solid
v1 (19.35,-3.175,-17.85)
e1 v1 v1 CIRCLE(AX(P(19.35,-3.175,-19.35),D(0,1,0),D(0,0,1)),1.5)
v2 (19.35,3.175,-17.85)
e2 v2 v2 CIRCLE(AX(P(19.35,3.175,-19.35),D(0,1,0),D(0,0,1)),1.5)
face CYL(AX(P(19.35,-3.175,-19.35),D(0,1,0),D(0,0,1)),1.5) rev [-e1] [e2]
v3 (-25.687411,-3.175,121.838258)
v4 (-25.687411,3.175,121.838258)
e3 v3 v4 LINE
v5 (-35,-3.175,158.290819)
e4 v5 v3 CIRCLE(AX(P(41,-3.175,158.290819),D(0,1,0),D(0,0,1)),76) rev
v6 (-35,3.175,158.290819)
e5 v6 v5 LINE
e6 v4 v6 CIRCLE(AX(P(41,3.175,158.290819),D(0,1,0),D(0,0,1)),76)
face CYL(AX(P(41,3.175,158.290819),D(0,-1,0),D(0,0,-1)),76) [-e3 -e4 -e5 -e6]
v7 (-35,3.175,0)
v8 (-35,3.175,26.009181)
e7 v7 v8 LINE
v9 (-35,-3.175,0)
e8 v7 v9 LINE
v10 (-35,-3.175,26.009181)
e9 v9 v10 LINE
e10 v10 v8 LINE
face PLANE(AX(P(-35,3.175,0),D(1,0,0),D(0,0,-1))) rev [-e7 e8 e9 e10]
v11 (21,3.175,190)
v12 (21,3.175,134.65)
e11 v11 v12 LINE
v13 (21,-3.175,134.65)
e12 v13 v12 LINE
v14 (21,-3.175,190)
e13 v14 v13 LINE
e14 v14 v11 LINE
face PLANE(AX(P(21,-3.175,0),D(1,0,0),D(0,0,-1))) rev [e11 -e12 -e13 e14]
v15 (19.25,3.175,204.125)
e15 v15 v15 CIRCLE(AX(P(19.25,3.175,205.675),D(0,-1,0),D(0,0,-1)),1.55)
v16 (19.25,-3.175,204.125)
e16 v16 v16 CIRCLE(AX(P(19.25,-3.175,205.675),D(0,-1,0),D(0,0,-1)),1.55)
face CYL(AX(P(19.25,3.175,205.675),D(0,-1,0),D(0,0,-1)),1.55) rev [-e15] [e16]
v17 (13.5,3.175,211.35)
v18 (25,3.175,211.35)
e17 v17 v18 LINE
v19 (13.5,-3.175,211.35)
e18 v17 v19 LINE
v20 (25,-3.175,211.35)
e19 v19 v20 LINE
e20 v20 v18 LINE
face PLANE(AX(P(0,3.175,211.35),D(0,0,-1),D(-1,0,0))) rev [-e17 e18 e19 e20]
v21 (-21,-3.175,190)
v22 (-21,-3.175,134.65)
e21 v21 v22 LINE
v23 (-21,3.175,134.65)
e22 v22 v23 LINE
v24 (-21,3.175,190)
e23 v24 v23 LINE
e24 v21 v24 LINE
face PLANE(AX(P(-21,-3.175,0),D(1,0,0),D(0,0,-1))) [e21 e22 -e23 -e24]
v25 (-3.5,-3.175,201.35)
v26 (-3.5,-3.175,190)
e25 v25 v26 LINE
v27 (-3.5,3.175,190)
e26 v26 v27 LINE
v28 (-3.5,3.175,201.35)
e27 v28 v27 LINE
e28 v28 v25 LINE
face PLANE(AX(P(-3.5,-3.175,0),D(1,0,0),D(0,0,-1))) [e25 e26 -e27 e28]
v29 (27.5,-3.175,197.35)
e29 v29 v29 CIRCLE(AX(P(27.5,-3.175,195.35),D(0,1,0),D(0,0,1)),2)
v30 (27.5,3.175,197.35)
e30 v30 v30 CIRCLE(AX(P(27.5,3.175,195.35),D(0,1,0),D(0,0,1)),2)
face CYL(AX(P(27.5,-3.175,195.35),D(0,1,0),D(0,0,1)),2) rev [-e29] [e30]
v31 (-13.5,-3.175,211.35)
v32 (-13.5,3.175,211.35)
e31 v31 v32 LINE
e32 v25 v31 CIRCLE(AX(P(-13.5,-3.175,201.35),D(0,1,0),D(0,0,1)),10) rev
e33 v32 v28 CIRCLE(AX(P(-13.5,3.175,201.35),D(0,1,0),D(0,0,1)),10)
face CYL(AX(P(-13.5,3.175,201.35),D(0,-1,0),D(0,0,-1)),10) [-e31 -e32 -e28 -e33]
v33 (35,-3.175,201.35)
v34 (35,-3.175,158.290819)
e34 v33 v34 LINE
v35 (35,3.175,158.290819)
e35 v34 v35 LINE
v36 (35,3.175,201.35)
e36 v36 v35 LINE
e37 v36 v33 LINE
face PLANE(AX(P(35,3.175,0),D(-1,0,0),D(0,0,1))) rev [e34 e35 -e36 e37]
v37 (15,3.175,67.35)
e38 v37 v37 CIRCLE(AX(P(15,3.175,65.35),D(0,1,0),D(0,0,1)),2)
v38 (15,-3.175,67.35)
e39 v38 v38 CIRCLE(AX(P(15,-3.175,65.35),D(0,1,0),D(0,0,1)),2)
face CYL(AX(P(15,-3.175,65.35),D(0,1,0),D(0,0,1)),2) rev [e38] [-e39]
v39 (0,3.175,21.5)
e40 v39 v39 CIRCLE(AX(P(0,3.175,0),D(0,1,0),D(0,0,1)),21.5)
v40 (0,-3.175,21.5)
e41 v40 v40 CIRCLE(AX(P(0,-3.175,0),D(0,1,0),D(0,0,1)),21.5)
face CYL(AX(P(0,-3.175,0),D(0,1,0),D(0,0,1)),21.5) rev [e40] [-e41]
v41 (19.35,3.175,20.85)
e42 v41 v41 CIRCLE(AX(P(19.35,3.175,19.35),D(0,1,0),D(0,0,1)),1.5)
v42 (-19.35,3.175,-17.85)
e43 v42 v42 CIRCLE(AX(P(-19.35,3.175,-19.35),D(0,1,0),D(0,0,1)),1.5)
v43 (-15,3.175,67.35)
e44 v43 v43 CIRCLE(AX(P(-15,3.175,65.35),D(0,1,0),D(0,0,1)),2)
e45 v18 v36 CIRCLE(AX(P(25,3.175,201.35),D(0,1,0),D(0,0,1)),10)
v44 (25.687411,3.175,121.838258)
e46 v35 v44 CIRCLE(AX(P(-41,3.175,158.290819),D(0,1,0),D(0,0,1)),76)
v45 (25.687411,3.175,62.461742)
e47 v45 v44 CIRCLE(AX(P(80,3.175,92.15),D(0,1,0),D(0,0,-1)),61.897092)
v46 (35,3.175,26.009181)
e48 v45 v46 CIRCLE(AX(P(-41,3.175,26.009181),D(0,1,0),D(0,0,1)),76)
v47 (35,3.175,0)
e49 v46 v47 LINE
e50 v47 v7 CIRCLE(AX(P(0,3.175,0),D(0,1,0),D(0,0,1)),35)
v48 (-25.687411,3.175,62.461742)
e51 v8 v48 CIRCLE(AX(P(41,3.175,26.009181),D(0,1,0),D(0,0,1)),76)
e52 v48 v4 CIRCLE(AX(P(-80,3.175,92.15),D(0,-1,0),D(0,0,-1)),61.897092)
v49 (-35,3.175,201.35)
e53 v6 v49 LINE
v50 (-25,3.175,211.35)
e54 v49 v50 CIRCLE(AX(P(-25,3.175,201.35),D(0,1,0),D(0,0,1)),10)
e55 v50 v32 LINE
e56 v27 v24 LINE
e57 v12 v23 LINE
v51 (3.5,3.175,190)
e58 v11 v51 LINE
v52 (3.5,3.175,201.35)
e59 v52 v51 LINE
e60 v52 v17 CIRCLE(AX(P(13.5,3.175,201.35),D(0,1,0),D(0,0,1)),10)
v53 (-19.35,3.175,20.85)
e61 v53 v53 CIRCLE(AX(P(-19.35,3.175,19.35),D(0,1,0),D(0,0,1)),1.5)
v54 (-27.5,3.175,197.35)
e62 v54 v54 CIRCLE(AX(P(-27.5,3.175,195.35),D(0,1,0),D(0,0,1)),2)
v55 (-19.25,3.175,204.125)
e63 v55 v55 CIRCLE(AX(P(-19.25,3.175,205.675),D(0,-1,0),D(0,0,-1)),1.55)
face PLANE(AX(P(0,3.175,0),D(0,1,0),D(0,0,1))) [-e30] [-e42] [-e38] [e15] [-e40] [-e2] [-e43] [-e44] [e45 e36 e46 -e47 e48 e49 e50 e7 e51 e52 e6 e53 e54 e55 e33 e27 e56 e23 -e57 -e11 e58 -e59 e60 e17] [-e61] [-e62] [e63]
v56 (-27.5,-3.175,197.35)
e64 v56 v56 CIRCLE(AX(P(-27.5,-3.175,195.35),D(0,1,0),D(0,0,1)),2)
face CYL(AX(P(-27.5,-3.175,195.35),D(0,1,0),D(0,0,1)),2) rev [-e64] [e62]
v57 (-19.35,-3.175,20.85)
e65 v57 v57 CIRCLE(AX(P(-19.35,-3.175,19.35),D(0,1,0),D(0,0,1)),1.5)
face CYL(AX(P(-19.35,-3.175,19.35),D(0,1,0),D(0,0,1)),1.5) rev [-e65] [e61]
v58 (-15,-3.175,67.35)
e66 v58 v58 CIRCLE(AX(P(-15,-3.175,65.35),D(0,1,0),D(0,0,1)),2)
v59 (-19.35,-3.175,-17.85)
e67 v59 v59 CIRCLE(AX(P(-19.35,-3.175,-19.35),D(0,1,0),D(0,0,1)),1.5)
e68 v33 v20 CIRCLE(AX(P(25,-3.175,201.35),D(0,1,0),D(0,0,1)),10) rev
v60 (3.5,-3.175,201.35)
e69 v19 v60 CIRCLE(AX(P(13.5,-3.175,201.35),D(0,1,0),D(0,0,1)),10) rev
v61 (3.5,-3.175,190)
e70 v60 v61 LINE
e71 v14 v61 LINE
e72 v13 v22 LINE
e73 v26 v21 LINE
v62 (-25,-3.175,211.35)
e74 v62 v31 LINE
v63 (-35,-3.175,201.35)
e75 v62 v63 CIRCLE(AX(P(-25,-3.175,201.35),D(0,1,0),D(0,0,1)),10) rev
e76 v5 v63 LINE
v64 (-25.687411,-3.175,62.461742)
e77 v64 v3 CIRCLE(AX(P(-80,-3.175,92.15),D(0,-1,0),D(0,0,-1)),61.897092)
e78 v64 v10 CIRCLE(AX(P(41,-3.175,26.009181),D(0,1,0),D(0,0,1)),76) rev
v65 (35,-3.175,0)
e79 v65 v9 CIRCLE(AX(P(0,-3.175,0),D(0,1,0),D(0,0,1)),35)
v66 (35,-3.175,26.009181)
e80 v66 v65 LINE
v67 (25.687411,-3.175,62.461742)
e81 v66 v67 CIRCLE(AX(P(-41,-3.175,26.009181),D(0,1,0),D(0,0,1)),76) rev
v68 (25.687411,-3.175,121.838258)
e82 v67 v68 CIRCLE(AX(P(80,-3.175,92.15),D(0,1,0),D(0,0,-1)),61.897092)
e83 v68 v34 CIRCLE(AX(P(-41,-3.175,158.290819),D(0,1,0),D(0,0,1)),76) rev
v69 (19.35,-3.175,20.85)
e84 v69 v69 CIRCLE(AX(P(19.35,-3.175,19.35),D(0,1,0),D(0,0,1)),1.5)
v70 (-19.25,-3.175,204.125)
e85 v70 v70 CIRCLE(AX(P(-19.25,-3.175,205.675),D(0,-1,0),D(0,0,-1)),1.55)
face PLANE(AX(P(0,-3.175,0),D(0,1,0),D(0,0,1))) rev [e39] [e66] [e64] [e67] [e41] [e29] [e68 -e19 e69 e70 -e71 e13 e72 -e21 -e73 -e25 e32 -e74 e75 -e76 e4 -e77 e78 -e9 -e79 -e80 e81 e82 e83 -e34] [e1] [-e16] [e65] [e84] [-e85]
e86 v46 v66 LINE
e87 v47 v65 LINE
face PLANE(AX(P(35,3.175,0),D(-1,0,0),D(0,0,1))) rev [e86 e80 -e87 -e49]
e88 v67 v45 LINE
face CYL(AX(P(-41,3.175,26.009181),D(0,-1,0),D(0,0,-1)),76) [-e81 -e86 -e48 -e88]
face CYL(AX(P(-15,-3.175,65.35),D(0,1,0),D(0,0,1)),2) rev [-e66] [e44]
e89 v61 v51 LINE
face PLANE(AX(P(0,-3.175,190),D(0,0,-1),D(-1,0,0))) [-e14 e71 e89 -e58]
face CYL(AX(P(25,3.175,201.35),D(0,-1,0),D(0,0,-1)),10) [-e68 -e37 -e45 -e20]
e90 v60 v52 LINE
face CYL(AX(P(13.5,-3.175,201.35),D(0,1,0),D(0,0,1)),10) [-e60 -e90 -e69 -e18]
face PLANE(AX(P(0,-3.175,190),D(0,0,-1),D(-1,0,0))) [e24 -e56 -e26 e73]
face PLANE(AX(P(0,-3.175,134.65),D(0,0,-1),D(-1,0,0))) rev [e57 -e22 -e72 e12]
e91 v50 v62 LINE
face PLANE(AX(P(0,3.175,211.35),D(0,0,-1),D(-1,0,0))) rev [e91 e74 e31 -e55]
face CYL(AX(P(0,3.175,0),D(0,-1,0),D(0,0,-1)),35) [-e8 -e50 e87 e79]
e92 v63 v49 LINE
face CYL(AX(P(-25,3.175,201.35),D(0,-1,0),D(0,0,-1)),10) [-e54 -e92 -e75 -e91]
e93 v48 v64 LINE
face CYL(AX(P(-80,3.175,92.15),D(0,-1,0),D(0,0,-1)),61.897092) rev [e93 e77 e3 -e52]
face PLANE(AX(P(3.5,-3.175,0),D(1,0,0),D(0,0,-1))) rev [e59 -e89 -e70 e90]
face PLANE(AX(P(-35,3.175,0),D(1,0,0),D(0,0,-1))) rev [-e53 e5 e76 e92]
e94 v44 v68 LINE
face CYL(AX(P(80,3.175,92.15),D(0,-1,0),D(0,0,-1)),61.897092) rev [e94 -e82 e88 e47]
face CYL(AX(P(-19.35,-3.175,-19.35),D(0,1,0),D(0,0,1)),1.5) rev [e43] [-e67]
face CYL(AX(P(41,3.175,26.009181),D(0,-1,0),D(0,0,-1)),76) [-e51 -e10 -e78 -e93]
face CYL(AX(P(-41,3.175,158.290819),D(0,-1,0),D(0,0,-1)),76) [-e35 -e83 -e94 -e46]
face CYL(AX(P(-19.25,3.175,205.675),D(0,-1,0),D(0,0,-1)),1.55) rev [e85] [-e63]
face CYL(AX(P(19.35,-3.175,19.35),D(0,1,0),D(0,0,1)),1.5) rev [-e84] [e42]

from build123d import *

# Parameters (mm, degrees)
BOSS_EXTRUDE1_DEPTH = 3.175
SKETCH2_R           = 21.5
CUT_EXTRUDE1_DEPTH  = 215.322525648
SKETCH3_W           = 42
SKETCH3_H           = 55.35
SKETCH3_W_2         = 7
SKETCH3_H_2         = 21.35
CUT_EXTRUDE2_DEPTH  = 215.322525648
SKETCH4_R           = 1.5
CUT_EXTRUDE3_DEPTH  = 215.322525648
FILLET1_R           = 10
SKETCH5_R           = 2
CUT_EXTRUDE4_DEPTH  = 215.322525648
CUT_EXTRUDE5_DEPTH  = 215.322525648
FILLET3_R           = 76
SKETCH7_R           = 1.55
CUT_EXTRUDE6_DEPTH  = 215.322525648


with BuildPart() as part:
    # Sketch1 → Boss-Extrude1 (new, symmetric)
    with BuildSketch(Plane(origin=(0, 0, 0), x_dir=(1, 0, 0), z_dir=(0, 1, 0))):
        with BuildLine():
            Line((35, -211.35), (35, 0))
            ThreePointArc((35, 0), (0, 35), (-35, 0))
            Line((-35, 0), (-35, -211.35))
            Line((-35, -211.35), (35, -211.35))
        make_face()
    extrude(amount=BOSS_EXTRUDE1_DEPTH, both=True)

    # Sketch2 → Cut-Extrude1 (cut, through all)
    with BuildSketch(Plane(origin=(0, 3.175, 0), x_dir=(1, 0, 0), z_dir=(0, 1, 0))):
        with Locations(Location((0, 0, 0), (0, 0, 270))):
            Circle(SKETCH2_R)
    extrude(amount=-CUT_EXTRUDE1_DEPTH, mode=Mode.SUBTRACT)

    # Sketch3 → Cut-Extrude2 (cut, through all)
    with BuildSketch(Plane(origin=(0, 3.175, 0), x_dir=(1, 0, 0), z_dir=(0, 1, 0))):
        with Locations((0, -162.325)):
            Rectangle(SKETCH3_W, SKETCH3_H)
        with Locations((0, -200.675)):
            Rectangle(SKETCH3_W_2, SKETCH3_H_2)
    extrude(amount=-CUT_EXTRUDE2_DEPTH, mode=Mode.SUBTRACT)

    # Sketch4 → Cut-Extrude3 (cut, through all)
    with BuildSketch(Plane(origin=(0, 3.175, 0), x_dir=(1, 0, 0), z_dir=(0, 1, 0))):
        with Locations(Location((-19.35, 19.35, 0), (0, 0, 270))):
            Circle(SKETCH4_R)
        with Locations(Location((19.35, 19.35, 0), (0, 0, 270))):
            Circle(SKETCH4_R)
        with Locations(Location((19.35, -19.35, 0), (0, 0, 270))):
            Circle(SKETCH4_R)
        with Locations(Location((-19.35, -19.35, 0), (0, 0, 270))):
            Circle(SKETCH4_R)
    extrude(amount=-CUT_EXTRUDE3_DEPTH, mode=Mode.SUBTRACT)

    # Fillet1
    fillet1_edges = [part.edges().sort_by_distance(p)[0] for p in [
        (3.5, 0, 211.35),
        (-3.5, 0, 211.35),
        (35, 0, 211.35),
        (-35, 0, 211.35),
    ]]
    fillet(fillet1_edges, radius=FILLET1_R)

    # Sketch5 → Cut-Extrude4 (cut, through all)
    with BuildSketch(Plane(origin=(0, 3.175, 0), x_dir=(1, 0, 0), z_dir=(0, 1, 0))):
        with Locations(Location((-15, -65.35, 0), (0, 0, 270))):
            Circle(SKETCH5_R)
        with Locations(Location((15, -65.35, 0), (0, 0, 270))):
            Circle(SKETCH5_R)
        with Locations(Location((-27.5, -195.35, 0), (0, 0, 270))):
            Circle(SKETCH5_R)
        with Locations(Location((27.5, -195.35, 0), (0, 0, 270))):
            Circle(SKETCH5_R)
    extrude(amount=-CUT_EXTRUDE4_DEPTH, mode=Mode.SUBTRACT)

    # Sketch6 → Cut-Extrude5 (cut, through all)
    with BuildSketch(Plane.XZ.offset(3.175)):
        with BuildLine():
            Line((-35, 49.65), (-35, 134.65))
            ThreePointArc((-35, 134.65), (-18.102907984, 92.15), (-35, 49.65))
        make_face()
    cut_extrude5 = extrude(amount=-CUT_EXTRUDE5_DEPTH, mode=Mode.SUBTRACT)

    # Mirror1: Cut-Extrude5 across plane
    add(cut_extrude5.mirror(Plane(origin=(0, 0, 0), x_dir=(0, 0, 1), z_dir=(1, 0, 0))), mode=Mode.SUBTRACT)

    # Fillet3
    fillet3_edges = [part.edges().sort_by_distance(p)[0] for p in [
        (-35, 0, 134.65),
        (-35, 0, 49.65),
        (35, 0, 49.65),
        (35, 0, 134.65),
    ]]
    fillet(fillet3_edges, radius=FILLET3_R)

    # Sketch7 → Cut-Extrude6 (cut, through all)
    with BuildSketch(Plane.XZ.offset(3.175)):
        with Locations(Location((-19.25, 205.675, 0), (0, 0, 270))):
            Circle(SKETCH7_R)
        with Locations(Location((19.25, 205.675, 0), (0, 0, 270))):
            Circle(SKETCH7_R)
    extrude(amount=-CUT_EXTRUDE6_DEPTH, mode=Mode.SUBTRACT)


solid = part.part
